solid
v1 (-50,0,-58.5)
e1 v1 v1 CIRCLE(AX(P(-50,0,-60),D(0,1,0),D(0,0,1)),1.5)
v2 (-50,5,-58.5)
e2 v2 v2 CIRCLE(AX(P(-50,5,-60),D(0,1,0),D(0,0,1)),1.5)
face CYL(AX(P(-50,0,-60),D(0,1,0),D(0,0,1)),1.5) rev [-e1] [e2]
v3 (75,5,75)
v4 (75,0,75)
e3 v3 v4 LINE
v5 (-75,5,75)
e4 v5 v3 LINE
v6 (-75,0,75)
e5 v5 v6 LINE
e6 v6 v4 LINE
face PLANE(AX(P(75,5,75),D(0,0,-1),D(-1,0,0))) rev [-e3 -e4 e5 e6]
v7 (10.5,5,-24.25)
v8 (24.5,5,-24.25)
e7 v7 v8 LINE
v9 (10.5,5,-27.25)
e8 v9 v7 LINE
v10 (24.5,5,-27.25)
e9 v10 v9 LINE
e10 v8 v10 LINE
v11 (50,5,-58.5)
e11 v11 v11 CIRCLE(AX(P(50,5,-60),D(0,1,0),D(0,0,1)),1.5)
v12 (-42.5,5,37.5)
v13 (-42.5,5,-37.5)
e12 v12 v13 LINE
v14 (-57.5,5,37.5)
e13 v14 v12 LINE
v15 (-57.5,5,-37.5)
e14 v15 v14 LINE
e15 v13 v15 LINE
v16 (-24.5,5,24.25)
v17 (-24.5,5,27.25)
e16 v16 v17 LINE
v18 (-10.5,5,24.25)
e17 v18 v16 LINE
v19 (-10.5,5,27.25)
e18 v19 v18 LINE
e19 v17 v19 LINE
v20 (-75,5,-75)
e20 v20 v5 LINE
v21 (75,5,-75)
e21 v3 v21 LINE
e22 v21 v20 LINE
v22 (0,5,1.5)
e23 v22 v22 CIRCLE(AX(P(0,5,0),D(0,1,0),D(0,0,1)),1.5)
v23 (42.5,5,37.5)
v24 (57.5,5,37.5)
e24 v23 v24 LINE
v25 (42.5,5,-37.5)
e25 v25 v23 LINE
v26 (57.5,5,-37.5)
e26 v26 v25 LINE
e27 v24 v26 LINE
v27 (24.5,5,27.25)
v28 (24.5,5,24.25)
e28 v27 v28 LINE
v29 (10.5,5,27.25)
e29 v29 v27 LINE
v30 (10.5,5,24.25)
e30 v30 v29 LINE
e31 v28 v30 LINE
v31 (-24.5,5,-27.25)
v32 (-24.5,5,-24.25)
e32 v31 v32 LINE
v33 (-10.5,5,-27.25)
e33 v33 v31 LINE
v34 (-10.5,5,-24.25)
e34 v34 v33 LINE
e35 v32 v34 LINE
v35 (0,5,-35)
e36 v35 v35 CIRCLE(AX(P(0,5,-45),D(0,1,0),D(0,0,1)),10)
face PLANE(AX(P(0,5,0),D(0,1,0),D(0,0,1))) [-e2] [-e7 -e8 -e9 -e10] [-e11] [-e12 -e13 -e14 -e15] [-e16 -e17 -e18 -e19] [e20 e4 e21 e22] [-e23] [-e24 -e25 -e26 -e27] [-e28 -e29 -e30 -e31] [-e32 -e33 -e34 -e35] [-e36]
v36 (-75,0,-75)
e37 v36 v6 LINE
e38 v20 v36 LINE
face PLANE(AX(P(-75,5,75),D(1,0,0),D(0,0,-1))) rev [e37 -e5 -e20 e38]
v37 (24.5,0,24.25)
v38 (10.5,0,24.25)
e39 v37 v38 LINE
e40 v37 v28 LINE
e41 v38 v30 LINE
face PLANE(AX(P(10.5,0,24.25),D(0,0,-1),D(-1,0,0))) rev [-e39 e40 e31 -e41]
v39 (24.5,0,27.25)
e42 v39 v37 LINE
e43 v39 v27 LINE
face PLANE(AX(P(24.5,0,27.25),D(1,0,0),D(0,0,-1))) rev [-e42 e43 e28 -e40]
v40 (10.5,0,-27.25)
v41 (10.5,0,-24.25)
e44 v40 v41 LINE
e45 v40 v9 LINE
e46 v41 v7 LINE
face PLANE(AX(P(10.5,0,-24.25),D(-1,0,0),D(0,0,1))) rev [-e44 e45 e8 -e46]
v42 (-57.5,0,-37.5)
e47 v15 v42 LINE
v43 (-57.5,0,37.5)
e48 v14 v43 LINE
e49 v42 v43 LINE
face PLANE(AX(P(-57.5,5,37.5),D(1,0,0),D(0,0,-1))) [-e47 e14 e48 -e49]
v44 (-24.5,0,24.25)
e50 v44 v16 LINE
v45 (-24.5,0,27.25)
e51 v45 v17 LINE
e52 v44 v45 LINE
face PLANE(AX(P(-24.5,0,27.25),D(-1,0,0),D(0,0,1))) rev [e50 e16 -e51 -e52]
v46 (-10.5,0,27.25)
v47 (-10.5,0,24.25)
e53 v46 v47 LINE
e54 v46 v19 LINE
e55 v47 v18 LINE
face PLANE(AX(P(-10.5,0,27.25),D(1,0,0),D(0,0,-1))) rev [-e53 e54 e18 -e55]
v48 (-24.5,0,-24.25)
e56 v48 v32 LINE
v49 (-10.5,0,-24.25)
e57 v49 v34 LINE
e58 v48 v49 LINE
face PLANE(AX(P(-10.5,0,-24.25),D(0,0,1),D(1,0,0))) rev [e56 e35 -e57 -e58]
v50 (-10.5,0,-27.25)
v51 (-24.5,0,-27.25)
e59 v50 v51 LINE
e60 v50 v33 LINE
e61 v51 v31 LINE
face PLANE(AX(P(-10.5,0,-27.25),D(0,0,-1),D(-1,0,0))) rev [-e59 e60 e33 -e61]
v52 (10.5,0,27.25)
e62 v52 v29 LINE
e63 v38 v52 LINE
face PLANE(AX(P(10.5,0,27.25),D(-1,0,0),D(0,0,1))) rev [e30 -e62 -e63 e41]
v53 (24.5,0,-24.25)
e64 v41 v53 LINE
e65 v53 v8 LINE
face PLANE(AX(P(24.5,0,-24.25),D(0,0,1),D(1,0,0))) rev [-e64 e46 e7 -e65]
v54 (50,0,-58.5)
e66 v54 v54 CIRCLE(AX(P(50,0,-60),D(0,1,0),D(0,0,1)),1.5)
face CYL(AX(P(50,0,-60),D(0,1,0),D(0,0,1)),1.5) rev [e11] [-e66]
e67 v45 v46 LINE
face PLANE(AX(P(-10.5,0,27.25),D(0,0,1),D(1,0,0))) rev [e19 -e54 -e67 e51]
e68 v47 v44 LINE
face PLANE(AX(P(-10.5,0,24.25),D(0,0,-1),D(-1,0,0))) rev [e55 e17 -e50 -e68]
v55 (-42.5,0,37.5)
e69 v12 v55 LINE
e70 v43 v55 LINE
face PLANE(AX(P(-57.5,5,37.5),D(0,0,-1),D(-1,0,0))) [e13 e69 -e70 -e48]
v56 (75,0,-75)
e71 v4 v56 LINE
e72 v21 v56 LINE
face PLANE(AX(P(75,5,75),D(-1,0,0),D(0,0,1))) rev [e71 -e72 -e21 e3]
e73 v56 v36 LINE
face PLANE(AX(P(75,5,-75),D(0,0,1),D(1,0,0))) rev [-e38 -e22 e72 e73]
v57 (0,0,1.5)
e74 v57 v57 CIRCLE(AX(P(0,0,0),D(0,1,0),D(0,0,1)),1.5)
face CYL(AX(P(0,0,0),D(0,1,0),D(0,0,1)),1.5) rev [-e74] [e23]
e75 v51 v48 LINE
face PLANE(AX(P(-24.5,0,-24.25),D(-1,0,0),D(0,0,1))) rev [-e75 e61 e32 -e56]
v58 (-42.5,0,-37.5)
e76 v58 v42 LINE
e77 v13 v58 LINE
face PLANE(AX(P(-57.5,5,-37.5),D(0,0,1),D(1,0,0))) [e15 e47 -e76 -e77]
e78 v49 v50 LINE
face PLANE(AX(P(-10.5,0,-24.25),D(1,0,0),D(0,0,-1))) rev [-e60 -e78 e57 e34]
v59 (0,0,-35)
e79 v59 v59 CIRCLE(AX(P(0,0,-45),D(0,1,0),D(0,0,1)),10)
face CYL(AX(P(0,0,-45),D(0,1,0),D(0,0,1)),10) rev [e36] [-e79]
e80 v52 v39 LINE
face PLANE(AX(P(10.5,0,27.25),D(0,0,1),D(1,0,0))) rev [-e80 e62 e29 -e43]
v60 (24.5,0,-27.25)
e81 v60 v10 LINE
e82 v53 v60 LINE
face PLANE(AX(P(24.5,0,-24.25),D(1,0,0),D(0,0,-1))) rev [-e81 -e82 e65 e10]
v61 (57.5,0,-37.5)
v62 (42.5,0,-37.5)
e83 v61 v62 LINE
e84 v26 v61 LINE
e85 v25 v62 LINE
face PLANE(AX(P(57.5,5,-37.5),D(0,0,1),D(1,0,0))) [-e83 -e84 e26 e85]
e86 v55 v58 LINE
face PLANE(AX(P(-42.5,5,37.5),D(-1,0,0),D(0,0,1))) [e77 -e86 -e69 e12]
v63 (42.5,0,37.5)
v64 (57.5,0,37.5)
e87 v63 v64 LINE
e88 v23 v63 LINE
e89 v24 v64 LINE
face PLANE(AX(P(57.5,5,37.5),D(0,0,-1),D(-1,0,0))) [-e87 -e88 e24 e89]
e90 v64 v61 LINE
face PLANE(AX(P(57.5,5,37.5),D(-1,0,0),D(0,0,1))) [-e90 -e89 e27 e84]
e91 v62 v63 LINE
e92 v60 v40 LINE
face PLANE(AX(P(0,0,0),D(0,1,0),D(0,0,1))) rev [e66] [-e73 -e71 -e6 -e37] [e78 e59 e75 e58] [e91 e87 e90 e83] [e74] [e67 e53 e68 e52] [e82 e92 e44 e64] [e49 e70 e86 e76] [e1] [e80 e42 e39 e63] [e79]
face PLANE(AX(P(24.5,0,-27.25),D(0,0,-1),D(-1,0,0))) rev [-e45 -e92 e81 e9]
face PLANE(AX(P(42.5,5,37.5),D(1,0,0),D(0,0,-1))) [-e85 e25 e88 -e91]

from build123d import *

# Parameters (mm, degrees)
SKETCH1_W           = 150
SKETCH1_H           = 150
SKETCH1_W_2         = 15
SKETCH1_H_2         = 75
BOSS_EXTRUDE1_DEPTH = 5
SKETCH2_R           = 1.5
SKETCH2_R_2         = 10
SKETCH2_W           = 14
SKETCH2_H           = 3
CUT_EXTRUDE1_DEPTH  = 5


with BuildPart() as part:
    # Sketch1 → Boss-Extrude1 (new body)
    with BuildSketch(Plane(origin=(0, 0, 0), x_dir=(1, 0, 0), z_dir=(0, 1, 0))):
        Rectangle(SKETCH1_W, SKETCH1_H)
        with Locations((-50, 0)):
            Rectangle(SKETCH1_W_2, SKETCH1_H_2, mode=Mode.SUBTRACT)
        with Locations((50, 0)):
            Rectangle(SKETCH1_W_2, SKETCH1_H_2, mode=Mode.SUBTRACT)
    extrude(amount=BOSS_EXTRUDE1_DEPTH)

    # Sketch2 → Cut-Extrude1 (cut)
    with BuildSketch(Plane(origin=(0, 5, 0), x_dir=(1, 0, 0), z_dir=(0, 1, 0))):
        with Locations((-50, 60)):
            Circle(SKETCH2_R)
        with Locations((50, 60)):
            Circle(SKETCH2_R)
        with Locations((0, 45)):
            Circle(SKETCH2_R_2)
        Circle(SKETCH2_R)
        with Locations((-17.5, 25.75)):
            Rectangle(SKETCH2_W, SKETCH2_H)
        with Locations((17.5, 25.75)):
            Rectangle(SKETCH2_W, SKETCH2_H)
        with Locations((-17.5, -25.75)):
            Rectangle(SKETCH2_W, SKETCH2_H)
        with Locations((17.5, -25.75)):
            Rectangle(SKETCH2_W, SKETCH2_H)
    extrude(amount=-CUT_EXTRUDE1_DEPTH, mode=Mode.SUBTRACT)


solid = part.part
